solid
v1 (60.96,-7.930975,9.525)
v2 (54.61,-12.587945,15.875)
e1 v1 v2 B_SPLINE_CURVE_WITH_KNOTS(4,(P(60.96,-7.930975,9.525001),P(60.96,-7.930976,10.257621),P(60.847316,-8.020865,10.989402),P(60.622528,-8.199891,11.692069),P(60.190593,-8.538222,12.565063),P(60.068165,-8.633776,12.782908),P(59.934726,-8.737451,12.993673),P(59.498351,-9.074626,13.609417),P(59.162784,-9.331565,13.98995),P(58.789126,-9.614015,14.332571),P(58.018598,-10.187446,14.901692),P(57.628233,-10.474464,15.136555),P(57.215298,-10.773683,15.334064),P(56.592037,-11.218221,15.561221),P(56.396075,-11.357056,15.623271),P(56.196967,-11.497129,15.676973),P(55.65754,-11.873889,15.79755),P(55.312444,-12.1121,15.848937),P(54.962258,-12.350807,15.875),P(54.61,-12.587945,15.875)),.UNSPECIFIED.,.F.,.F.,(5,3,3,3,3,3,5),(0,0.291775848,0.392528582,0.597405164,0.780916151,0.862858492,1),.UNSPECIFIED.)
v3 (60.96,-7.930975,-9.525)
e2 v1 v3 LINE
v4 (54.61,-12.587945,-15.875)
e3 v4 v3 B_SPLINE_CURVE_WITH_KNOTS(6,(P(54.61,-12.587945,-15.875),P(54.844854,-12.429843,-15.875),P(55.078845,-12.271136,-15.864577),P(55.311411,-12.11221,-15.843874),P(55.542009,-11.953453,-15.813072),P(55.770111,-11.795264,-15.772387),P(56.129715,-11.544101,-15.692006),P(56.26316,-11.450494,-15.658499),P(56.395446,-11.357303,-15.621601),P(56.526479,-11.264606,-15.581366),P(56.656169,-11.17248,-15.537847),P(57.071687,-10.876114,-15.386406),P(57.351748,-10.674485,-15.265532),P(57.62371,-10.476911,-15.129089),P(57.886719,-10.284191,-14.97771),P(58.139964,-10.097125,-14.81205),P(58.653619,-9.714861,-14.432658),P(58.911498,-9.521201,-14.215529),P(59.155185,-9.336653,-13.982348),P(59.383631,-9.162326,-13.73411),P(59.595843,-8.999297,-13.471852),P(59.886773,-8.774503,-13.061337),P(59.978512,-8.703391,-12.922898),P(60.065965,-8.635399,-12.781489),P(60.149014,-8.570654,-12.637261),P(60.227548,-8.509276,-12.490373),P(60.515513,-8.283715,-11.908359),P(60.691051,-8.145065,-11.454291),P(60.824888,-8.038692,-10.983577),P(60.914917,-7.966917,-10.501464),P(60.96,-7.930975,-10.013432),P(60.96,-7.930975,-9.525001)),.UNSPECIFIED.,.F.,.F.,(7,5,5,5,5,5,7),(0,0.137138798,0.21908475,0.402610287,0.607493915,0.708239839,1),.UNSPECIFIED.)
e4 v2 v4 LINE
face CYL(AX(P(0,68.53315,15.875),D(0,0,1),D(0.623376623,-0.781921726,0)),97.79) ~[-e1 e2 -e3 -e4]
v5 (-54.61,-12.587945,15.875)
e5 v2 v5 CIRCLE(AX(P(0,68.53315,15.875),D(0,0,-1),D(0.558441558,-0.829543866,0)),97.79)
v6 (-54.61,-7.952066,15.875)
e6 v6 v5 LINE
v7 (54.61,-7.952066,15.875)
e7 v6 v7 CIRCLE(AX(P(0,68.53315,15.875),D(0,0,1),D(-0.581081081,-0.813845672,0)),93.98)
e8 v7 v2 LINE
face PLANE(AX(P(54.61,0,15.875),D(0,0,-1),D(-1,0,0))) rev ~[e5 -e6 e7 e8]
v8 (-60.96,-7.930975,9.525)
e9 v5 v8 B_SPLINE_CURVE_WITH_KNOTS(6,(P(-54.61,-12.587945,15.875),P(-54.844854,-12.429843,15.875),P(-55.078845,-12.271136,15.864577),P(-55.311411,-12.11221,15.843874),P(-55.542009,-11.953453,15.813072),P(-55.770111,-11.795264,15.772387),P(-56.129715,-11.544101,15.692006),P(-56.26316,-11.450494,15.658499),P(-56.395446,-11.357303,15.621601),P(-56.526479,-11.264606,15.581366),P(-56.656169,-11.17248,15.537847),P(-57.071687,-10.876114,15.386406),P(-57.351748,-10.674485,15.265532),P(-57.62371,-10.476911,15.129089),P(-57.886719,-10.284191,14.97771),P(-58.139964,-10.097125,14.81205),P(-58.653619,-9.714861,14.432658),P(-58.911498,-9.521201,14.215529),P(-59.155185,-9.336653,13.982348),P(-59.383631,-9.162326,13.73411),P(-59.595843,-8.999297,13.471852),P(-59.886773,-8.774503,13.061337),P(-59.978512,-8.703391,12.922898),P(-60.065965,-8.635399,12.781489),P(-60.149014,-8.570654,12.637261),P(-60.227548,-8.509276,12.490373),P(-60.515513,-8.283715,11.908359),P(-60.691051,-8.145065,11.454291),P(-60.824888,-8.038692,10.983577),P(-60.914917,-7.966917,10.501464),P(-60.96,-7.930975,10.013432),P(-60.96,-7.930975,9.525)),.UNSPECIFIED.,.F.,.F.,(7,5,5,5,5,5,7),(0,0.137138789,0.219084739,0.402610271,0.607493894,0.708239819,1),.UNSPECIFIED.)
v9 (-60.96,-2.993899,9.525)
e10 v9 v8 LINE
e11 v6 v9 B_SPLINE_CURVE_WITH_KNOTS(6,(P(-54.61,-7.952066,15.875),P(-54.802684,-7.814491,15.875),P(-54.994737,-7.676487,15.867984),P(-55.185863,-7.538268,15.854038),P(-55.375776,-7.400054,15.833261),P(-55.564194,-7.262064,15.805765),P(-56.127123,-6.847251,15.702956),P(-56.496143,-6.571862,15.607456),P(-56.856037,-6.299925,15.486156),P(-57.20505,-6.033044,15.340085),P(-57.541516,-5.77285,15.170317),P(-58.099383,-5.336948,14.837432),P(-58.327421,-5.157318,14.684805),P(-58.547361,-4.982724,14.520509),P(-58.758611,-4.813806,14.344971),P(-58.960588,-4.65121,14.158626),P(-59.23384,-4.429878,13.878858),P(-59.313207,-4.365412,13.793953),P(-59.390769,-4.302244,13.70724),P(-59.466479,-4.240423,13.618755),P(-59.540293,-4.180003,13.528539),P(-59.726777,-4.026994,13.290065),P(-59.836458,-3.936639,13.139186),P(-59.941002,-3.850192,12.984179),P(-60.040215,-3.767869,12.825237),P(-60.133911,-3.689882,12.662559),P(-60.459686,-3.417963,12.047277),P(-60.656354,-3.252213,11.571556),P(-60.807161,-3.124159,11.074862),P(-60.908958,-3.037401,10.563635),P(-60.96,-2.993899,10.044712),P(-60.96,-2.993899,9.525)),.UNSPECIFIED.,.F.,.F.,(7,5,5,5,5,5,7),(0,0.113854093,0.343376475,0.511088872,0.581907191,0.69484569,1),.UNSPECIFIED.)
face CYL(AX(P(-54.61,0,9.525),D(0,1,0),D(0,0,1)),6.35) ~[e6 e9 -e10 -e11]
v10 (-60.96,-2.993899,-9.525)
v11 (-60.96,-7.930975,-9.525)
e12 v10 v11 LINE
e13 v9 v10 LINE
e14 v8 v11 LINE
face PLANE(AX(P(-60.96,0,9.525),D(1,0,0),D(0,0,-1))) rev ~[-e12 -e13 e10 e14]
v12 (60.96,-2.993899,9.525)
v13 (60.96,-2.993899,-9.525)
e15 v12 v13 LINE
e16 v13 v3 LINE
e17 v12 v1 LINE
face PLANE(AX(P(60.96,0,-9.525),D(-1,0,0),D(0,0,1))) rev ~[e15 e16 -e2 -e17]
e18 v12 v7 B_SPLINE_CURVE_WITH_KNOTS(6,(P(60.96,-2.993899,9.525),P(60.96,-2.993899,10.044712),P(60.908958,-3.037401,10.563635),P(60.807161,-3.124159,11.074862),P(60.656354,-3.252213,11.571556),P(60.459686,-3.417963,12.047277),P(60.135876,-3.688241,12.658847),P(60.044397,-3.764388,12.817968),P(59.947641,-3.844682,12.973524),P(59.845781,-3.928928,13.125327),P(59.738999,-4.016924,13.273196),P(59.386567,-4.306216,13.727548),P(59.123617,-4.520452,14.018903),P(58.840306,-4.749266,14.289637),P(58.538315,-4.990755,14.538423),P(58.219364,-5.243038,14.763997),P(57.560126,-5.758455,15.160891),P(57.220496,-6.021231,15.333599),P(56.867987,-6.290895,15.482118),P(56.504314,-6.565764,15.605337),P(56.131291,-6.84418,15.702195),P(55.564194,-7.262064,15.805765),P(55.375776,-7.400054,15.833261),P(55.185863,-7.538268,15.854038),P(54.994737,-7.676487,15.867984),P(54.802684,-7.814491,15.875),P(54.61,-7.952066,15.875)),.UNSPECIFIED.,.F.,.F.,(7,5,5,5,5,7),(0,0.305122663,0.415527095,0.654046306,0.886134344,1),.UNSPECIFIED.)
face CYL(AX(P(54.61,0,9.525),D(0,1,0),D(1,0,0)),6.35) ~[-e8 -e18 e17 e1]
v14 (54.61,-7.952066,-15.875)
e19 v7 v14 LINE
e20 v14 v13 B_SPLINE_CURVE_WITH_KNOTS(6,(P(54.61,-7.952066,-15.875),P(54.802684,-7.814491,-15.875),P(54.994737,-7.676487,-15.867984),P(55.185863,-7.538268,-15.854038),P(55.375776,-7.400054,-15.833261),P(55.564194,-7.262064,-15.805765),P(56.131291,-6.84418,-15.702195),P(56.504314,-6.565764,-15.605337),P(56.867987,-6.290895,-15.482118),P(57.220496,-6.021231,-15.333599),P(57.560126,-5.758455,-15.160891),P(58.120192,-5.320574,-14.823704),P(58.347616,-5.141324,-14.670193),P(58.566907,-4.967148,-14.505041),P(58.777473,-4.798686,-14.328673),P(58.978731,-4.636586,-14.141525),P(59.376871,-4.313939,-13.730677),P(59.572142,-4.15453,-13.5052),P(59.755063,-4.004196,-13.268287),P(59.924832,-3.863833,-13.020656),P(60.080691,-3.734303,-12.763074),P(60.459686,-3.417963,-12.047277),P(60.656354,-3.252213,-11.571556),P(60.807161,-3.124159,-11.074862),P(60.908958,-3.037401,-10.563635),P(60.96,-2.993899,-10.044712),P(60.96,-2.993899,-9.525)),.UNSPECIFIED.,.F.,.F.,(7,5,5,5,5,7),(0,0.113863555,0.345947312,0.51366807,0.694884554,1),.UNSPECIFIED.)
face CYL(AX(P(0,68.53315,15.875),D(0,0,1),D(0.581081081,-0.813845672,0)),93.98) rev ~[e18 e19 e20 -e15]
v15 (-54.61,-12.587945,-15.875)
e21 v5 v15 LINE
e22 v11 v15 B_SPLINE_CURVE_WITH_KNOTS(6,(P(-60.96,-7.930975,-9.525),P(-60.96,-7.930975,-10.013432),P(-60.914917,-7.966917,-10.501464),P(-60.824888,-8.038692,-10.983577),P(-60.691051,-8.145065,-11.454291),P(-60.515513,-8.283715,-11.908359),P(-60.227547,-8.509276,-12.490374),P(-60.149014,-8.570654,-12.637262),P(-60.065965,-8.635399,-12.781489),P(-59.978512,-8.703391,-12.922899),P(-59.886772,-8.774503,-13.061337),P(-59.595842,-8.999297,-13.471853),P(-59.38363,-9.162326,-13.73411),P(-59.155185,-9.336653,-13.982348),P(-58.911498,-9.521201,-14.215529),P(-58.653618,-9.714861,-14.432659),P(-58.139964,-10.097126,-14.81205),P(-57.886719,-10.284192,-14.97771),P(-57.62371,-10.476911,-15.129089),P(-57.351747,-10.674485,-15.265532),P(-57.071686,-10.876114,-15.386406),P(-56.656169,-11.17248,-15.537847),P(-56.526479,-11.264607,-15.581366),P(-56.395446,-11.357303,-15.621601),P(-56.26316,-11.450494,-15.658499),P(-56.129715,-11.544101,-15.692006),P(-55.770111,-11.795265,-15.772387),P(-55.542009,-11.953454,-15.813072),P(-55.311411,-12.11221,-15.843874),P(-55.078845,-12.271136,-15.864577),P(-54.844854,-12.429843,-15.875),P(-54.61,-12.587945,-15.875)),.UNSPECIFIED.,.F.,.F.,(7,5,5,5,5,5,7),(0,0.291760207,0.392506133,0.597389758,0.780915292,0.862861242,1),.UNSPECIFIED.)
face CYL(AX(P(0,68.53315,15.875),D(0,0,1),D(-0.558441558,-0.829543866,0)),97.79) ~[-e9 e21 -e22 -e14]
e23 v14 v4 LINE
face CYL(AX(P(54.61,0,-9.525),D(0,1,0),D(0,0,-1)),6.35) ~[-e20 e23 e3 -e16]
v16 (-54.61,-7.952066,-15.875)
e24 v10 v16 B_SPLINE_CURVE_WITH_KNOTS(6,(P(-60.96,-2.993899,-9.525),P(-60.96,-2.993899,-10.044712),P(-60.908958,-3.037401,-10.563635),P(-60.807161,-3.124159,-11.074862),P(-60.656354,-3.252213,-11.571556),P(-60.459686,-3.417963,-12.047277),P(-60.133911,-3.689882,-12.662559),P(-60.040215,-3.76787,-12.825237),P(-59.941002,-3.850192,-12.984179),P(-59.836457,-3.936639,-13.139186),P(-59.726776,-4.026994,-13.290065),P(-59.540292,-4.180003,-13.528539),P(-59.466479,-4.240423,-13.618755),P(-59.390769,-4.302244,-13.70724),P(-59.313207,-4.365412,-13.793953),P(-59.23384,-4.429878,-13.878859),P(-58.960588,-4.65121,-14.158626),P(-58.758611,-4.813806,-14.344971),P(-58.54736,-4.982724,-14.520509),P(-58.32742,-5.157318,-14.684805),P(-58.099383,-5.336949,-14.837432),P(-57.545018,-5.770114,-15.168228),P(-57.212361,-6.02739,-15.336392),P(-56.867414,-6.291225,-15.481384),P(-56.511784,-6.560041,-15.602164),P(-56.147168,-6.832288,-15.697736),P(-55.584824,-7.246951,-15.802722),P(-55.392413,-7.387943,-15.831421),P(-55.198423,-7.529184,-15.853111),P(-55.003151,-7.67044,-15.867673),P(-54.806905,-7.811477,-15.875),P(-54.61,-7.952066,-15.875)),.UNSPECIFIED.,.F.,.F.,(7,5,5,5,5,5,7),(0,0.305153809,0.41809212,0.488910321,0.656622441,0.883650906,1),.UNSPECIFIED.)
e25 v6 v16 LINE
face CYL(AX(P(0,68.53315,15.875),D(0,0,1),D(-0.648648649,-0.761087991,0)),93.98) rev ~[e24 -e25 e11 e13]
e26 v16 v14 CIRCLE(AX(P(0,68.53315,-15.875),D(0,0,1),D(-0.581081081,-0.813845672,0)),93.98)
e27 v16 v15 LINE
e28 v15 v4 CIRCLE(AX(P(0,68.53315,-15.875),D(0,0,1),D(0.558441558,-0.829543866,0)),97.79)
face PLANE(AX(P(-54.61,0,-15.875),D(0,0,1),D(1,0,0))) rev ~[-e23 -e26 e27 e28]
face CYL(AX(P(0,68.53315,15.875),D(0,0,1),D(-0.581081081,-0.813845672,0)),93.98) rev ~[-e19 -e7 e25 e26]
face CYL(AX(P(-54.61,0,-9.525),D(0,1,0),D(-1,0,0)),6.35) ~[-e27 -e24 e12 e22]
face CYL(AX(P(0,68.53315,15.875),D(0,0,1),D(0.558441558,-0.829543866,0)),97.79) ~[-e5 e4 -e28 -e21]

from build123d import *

# Parameters (mm, degrees)
F1_DEPTH = 50.8
F3_DEPTH = 50.8


with BuildPart() as f1:
    # F0 (on Front) → F1 (new body)
    with BuildSketch(Plane.XZ):
        with BuildLine():
            Line((54.61, 15.875), (-54.61, 15.875))
            ThreePointArc((-54.61, 15.875), (-59.1001280605, 14.0151280605), (-60.96, 9.525))
            Line((-60.96, 9.525), (-60.96, -9.525))
            ThreePointArc((-60.96, -9.525), (-59.1001280605, -14.0151280605), (-54.61, -15.875))
            Line((-54.61, -15.875), (54.61, -15.875))
            ThreePointArc((54.61, -15.875), (59.1001280605, -14.0151280605), (60.96, -9.525))
            Line((60.96, -9.525), (60.96, 9.525))
            ThreePointArc((60.96, 9.525), (59.1001280605, 14.0151280605), (54.61, 15.875))
        make_face()
    extrude(amount=F1_DEPTH)

    # F2 (on face) → F3 (cut)
    with BuildSketch(Plane.XY.offset(15.875)):
        with BuildLine():
            ThreePointArc((-54.61, -12.5879445453), (-57.8318948789, -10.3234034087), (-60.96, -7.9309754535))
            Line((-60.96, -7.9309754535), (-60.96, -50.8))
            Line((-60.96, -50.8), (-54.61, -50.8))
            Line((-54.61, -50.8), (-54.61, -12.5879445453))
        make_face()
        with BuildLine():
            ThreePointArc((60.96, -7.9309754535), (57.8318948789, -10.3234034087), (54.61, -12.5879445453))
            Line((54.61, -12.5879445453), (54.61, -50.8))
            Line((54.61, -50.8), (60.96, -50.8))
            Line((60.96, -50.8), (60.96, -7.9309754535))
        make_face()
        with BuildLine():
            Line((-60.96, 0), (-60.96, -2.993899307))
            ThreePointArc((-60.96, -2.993899307), (-57.8381541846, -5.5410580786), (-54.61, -7.9520660967))
            Line((-54.61, -7.9520660967), (-54.61, 0))
            Line((-54.61, 0), (-60.96, 0))
        make_face()
        with BuildLine():
            Line((54.61, 0), (54.61, -7.9520660967))
            ThreePointArc((54.61, -7.9520660967), (57.8381541846, -5.5410580786), (60.96, -2.993899307))
            Line((60.96, -2.993899307), (60.96, 0))
            Line((60.96, 0), (54.61, 0))
        make_face()
        with BuildLine():
            ThreePointArc((54.61, -12.5879445453), (0, -29.2568498781), (-54.61, -12.5879445453))
            Line((-54.61, -12.5879445453), (-54.61, -50.8))
            Line((-54.61, -50.8), (54.61, -50.8))
            Line((54.61, -50.8), (54.61, -12.5879445453))
        make_face()
        with BuildLine():
            Line((-54.61, 0), (-54.61, -7.9520660967))
            ThreePointArc((-54.61, -7.9520660967), (0, -25.4468498781), (54.61, -7.9520660967))
            Line((54.61, -7.9520660967), (54.61, 0))
            Line((54.61, 0), (-54.61, 0))
        make_face()
    extrude(amount=-F3_DEPTH, mode=Mode.SUBTRACT)


solid = f1.part
